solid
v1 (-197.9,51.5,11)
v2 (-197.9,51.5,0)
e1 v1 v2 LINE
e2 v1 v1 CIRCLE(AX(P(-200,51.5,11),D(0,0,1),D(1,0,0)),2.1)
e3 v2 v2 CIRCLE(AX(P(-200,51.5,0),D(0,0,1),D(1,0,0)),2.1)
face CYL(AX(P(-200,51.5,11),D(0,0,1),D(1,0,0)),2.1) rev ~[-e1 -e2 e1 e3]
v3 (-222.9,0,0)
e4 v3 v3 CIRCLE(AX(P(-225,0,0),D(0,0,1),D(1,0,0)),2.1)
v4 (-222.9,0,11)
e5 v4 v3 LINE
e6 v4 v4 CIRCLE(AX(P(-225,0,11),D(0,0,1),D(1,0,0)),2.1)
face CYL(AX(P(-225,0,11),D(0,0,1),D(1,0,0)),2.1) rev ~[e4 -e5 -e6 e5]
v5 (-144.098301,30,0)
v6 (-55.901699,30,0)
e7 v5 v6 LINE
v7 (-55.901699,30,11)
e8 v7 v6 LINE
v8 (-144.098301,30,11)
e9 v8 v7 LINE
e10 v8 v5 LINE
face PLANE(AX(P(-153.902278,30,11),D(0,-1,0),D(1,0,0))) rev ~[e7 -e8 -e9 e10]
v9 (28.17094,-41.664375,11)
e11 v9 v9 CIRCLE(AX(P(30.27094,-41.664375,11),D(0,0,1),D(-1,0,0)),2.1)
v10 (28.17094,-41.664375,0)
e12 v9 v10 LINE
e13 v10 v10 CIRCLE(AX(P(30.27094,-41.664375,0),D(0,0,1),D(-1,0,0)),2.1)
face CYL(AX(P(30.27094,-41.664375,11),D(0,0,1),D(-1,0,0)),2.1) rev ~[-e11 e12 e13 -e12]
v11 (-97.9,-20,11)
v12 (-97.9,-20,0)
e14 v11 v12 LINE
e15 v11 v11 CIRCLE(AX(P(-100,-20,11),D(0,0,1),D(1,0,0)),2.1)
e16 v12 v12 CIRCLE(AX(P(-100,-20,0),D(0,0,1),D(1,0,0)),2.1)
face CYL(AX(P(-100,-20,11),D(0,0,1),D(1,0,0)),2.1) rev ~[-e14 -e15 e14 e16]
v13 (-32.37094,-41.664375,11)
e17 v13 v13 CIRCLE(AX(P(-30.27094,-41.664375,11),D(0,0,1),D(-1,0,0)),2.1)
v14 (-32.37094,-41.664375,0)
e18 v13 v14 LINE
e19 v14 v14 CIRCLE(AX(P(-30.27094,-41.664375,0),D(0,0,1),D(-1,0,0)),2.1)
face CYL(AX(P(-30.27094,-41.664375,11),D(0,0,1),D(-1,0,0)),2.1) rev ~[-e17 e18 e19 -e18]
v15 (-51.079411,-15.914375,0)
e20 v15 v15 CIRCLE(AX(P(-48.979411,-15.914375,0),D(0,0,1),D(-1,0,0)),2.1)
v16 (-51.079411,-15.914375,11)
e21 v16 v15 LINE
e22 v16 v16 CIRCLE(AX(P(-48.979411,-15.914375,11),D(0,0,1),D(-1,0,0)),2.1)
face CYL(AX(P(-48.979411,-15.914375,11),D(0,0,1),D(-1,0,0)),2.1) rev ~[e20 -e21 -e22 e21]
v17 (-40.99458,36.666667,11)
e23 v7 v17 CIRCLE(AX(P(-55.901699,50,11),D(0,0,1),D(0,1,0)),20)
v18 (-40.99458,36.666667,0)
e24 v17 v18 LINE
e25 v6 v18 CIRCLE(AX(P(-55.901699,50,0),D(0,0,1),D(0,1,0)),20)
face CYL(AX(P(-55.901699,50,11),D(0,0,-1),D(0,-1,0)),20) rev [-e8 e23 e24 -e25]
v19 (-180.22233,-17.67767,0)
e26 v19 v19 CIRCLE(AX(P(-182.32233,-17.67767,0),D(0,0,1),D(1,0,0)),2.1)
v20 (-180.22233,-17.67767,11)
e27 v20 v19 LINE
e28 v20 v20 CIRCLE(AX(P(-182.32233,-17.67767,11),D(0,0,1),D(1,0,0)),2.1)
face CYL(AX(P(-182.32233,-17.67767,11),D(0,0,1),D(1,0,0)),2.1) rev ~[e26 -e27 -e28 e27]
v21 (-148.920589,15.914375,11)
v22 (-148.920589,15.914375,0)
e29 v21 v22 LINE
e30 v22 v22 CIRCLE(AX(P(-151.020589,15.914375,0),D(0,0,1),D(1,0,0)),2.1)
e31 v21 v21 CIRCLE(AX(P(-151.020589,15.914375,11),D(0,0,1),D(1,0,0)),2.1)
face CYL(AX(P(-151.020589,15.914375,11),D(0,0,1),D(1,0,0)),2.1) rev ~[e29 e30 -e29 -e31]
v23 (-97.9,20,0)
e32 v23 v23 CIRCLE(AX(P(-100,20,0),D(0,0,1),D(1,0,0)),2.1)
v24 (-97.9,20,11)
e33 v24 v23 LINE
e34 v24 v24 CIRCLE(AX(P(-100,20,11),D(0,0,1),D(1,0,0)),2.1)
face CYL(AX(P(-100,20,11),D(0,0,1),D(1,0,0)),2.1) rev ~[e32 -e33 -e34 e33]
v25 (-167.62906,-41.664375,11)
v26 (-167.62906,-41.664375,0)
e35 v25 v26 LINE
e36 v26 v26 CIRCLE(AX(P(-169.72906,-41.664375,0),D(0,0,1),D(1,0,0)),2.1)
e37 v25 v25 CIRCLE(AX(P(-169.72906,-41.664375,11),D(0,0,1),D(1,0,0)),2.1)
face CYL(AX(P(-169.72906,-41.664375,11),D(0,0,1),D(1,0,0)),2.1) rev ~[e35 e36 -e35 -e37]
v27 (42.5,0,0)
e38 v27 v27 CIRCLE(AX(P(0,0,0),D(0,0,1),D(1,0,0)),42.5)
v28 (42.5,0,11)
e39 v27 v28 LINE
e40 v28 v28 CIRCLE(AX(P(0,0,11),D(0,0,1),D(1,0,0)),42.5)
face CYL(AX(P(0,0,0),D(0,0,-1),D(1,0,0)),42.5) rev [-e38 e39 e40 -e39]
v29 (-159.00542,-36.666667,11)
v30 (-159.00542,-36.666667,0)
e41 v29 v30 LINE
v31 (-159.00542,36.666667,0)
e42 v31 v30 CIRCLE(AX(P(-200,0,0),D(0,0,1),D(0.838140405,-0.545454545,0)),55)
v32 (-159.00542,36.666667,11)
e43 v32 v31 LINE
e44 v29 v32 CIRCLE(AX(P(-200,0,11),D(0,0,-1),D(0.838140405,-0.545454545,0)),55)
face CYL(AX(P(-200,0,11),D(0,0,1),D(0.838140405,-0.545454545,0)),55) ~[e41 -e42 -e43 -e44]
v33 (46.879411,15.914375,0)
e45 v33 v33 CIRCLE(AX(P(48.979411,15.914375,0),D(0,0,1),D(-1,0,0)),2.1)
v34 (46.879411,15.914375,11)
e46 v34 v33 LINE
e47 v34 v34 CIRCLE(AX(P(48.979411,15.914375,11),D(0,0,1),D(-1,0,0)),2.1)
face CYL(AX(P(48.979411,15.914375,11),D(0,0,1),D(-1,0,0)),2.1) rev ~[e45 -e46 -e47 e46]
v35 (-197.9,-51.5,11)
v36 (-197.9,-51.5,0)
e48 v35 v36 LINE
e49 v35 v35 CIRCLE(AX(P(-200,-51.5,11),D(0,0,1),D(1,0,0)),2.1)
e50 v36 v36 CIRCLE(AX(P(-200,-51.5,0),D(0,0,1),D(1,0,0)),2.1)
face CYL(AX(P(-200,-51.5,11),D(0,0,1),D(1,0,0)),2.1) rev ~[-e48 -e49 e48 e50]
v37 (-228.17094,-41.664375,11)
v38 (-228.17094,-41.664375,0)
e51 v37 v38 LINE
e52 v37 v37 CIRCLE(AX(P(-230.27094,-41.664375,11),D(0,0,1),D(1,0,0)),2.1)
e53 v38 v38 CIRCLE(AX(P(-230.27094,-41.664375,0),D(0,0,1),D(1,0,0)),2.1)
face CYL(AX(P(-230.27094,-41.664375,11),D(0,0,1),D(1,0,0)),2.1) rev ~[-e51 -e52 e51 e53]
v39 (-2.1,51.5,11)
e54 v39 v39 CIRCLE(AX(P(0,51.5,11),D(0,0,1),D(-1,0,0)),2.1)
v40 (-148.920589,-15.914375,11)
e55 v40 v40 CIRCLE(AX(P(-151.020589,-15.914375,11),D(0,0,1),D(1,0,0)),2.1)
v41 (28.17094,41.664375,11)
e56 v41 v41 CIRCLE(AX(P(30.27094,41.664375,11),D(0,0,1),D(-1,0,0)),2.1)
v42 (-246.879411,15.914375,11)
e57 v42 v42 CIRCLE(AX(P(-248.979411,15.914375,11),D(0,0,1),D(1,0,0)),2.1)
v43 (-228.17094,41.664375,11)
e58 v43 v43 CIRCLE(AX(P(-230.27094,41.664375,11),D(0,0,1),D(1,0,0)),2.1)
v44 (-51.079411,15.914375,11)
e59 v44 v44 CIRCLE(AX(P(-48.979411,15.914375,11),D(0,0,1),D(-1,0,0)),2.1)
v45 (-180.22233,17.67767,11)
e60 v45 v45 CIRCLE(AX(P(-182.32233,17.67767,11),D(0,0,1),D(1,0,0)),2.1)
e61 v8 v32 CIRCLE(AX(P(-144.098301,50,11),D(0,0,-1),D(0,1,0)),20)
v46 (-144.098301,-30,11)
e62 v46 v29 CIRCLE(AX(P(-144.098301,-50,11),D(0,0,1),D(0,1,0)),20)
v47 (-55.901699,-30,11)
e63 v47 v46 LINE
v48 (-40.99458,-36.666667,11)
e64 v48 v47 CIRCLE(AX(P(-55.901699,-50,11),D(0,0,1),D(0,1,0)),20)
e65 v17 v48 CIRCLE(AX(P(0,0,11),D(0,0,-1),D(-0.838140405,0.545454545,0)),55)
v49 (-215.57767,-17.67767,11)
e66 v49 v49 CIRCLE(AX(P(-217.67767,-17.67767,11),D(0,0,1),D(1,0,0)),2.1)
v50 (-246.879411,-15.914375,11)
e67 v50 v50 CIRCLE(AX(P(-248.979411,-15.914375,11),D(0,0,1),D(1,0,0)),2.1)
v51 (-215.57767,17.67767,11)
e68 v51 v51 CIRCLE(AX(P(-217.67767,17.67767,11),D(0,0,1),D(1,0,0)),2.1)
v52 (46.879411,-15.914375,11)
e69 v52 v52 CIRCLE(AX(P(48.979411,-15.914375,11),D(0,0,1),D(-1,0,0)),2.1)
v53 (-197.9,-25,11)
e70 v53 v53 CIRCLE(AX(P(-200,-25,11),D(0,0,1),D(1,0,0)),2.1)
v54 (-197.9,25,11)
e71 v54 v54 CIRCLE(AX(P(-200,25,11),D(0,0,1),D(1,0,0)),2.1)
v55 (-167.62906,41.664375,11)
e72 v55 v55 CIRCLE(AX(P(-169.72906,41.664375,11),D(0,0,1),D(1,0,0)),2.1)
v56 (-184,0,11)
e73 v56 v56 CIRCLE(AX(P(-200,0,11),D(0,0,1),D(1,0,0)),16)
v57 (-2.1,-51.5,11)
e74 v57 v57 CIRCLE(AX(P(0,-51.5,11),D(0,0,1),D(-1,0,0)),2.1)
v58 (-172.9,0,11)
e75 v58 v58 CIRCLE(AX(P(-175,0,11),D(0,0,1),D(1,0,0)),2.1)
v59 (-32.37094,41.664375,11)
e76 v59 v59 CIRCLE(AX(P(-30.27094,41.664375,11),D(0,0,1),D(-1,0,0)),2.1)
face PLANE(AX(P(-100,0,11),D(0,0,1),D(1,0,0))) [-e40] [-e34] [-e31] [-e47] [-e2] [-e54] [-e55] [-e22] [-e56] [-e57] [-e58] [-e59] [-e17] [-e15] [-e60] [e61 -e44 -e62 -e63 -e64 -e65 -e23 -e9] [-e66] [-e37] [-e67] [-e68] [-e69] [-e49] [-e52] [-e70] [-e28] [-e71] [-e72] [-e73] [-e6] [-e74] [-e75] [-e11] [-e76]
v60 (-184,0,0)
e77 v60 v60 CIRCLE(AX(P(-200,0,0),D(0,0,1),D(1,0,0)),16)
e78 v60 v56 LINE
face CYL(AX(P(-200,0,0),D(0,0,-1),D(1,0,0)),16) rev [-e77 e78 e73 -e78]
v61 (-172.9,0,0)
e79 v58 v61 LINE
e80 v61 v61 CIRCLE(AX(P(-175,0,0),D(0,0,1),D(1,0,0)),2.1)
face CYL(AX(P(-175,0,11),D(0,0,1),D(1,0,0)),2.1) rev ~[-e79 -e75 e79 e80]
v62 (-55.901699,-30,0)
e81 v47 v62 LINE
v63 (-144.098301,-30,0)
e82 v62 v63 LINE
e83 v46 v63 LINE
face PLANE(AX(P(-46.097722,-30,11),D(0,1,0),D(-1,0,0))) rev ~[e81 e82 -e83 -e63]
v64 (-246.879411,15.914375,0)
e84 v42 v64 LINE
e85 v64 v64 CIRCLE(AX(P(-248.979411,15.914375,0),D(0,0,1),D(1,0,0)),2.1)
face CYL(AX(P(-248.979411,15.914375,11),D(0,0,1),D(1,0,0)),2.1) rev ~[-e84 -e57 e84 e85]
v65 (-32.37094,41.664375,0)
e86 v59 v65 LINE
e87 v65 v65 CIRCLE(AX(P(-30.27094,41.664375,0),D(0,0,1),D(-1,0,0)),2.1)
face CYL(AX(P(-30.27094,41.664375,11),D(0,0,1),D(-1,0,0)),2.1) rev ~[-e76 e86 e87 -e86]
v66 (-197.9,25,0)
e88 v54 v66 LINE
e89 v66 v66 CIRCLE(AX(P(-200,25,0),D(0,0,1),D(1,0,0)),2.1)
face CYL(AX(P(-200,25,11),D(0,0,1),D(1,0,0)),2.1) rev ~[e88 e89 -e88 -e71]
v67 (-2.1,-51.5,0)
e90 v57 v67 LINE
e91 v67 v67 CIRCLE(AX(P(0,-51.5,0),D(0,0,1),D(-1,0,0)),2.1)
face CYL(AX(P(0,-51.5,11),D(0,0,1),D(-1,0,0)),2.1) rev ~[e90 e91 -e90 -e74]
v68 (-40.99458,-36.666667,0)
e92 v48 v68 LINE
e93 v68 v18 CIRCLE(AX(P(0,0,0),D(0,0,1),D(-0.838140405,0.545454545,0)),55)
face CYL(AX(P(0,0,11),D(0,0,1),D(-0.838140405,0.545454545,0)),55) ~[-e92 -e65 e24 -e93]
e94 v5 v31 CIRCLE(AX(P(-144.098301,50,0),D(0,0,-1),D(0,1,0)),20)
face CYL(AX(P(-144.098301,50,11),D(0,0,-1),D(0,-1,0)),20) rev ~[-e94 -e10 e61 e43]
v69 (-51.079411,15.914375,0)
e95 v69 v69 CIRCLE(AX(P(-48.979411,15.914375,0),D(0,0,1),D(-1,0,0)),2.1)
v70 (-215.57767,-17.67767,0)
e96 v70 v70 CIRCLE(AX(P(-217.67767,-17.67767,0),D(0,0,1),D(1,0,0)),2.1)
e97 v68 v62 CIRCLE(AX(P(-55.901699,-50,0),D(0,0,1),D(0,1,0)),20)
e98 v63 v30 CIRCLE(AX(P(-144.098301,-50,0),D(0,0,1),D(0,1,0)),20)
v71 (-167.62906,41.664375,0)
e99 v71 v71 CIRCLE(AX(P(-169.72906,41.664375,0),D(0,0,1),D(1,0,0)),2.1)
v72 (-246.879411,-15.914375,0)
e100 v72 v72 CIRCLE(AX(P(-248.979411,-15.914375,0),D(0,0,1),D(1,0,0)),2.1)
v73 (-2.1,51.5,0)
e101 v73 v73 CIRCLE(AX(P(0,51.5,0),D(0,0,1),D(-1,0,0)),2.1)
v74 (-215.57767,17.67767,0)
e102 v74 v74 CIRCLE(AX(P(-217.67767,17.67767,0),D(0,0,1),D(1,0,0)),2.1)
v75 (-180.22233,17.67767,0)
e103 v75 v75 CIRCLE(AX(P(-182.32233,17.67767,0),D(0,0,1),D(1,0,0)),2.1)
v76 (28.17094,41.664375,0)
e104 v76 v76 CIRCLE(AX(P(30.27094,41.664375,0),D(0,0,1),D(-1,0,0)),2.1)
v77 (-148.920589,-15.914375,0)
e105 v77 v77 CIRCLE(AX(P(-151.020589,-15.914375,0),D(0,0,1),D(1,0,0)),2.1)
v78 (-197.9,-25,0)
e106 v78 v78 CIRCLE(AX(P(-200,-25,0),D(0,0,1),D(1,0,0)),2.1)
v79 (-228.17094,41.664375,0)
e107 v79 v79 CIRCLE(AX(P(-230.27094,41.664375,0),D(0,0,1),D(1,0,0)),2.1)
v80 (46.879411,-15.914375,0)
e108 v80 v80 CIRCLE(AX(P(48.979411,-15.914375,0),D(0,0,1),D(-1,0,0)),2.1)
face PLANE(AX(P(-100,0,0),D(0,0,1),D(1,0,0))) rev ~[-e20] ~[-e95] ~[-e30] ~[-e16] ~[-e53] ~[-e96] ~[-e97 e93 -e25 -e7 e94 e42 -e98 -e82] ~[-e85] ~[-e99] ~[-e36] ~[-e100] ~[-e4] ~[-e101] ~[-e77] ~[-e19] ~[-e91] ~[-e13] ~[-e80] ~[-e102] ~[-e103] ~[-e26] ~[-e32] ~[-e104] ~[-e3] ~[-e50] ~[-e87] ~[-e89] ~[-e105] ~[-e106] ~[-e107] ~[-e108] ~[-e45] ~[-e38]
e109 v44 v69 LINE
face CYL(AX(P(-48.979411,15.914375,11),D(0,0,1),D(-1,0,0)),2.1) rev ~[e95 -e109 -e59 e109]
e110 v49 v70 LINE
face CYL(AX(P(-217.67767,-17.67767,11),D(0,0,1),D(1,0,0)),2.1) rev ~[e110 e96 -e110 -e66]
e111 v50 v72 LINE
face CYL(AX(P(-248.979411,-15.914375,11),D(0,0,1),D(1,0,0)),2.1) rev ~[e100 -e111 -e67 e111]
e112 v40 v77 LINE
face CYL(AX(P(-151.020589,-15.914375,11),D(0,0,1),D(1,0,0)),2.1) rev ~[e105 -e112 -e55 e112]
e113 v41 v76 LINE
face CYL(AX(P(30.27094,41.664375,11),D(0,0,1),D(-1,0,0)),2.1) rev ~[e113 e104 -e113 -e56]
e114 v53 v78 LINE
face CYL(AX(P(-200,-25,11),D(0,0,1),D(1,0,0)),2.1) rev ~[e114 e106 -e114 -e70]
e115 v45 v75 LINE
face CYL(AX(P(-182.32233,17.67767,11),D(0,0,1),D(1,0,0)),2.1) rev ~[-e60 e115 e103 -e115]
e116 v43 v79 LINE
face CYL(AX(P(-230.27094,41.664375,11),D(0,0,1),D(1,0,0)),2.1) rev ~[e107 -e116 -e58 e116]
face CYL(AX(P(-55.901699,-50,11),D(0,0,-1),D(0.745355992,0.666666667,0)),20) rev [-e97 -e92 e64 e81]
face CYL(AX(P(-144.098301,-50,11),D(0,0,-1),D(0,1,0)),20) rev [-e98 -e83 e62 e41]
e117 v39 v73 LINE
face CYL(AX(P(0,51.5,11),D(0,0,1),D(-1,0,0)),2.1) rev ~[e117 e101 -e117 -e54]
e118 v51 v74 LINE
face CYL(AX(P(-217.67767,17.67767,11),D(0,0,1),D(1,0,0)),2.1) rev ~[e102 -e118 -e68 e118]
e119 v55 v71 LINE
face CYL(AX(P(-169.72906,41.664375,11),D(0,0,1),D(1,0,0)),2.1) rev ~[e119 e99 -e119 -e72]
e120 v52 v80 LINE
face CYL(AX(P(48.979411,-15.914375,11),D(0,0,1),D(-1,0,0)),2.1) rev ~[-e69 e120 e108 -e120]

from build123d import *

# Parameters (mm, degrees)
ESQUISSE1_W             = 320
ESQUISSE1_H             = 120
ESQUISSE1_R             = 42.5
ESQUISSE1_R_2           = 16
BOSS_EXTRU_1_DEPTH      = 11
ESQUISSE2_R             = 2.1
ENL_V_MAT_EXTRU_1_DEPTH = 268.05991837
ESQUISSE3_OUTSIDE_W     = 390.388
ESQUISSE3_OUTSIDE_H     = 190.388
ENL_V_MAT_EXTRU_2_DEPTH = 268.05991837
CONG_1_R                = 20
ESQUISSE4_R             = 2.1
ENL_V_MAT_EXTRU_3_DEPTH = 262.095767871
ESQUISSE5_R             = 2.1
ENL_V_MAT_EXTRU_4_DEPTH = 84


with BuildPart() as part:
    # Esquisse1 → Boss.-Extru.1 (new body)
    with BuildSketch(Plane.XY):
        with Locations((-100, 0)):
            Rectangle(ESQUISSE1_W, ESQUISSE1_H)
        Circle(ESQUISSE1_R, mode=Mode.SUBTRACT)
        with Locations((-200, 0)):
            Circle(ESQUISSE1_R_2, mode=Mode.SUBTRACT)
    extrude(amount=BOSS_EXTRU_1_DEPTH)

    # Esquisse2 → Enlèv. mat.-Extru.1 (cut, through all)
    with BuildSketch(Plane.XY.offset(11)):
        with Locations((-200, 25)):
            Circle(ESQUISSE2_R)
        with Locations((-182.32233047, 17.67766953)):
            Circle(ESQUISSE2_R)
        with Locations((-175, 0)):
            Circle(ESQUISSE2_R)
        with Locations((-182.32233047, -17.67766953)):
            Circle(ESQUISSE2_R)
        with Locations((-200, -25)):
            Circle(ESQUISSE2_R)
        with Locations((-217.67766953, -17.67766953)):
            Circle(ESQUISSE2_R)
        with Locations((-225, 0)):
            Circle(ESQUISSE2_R)
        with Locations((-217.67766953, 17.67766953)):
            Circle(ESQUISSE2_R)
    extrude(amount=-ENL_V_MAT_EXTRU_1_DEPTH, mode=Mode.SUBTRACT)

    # Esquisse3 outside → Enlèv. mat.-Extru.2 (cut, through all)
    with BuildSketch(Plane.XY.offset(11)):
        with Locations((-100, 0)):
            Rectangle(ESQUISSE3_OUTSIDE_W, ESQUISSE3_OUTSIDE_H)
        with BuildLine():
            Line((-153.902277714, 30), (-46.097722286, 30))
            ThreePointArc((-46.097722286, 30), (55, 0), (-46.097722286, -30))
            Line((-46.097722286, -30), (-153.902277714, -30))
            ThreePointArc((-153.902277714, -30), (-255, 0), (-153.902277714, 30))
        make_face(mode=Mode.SUBTRACT)
    extrude(amount=-ENL_V_MAT_EXTRU_2_DEPTH, mode=Mode.SUBTRACT)

    # Congé1
    cong_1_edges = [part.edges().sort_by_distance(p)[0] for p in [
        (-153.902277714, 30, 5.5),
        (-46.097722286, 30, 5.5),
        (-46.097722286, -30, 5.5),
        (-153.902277714, -30, 5.5),
    ]]
    fillet(cong_1_edges, radius=CONG_1_R)

    # Esquisse4 → Enlèv. mat.-Extru.3 (cut, through all)
    with BuildSketch(Plane.XY.offset(11)):
        with Locations((-200, 51.5)):
            Circle(ESQUISSE4_R)
        with Locations((-169.729059507, 41.66437521)):
            Circle(ESQUISSE4_R)
        with Locations((-151.020589411, 15.91437521)):
            Circle(ESQUISSE4_R)
        with Locations((-151.020589411, -15.91437521)):
            Circle(ESQUISSE4_R)
        with Locations((-169.729059507, -41.66437521)):
            Circle(ESQUISSE4_R)
        with Locations((-200, -51.5)):
            Circle(ESQUISSE4_R)
        with Locations((-230.270940493, -41.66437521)):
            Circle(ESQUISSE4_R)
        with Locations((-248.979410589, -15.91437521)):
            Circle(ESQUISSE4_R)
        with Locations((-248.979410589, 15.91437521)):
            Circle(ESQUISSE4_R)
        with Locations((-230.270940493, 41.66437521)):
            Circle(ESQUISSE4_R)
        with Locations(Location((30.270940493, 41.66437521, 0), (0, 0, 180))):
            Circle(ESQUISSE4_R)
        with Locations(Location((48.979410589, 15.91437521, 0), (0, 0, 180))):
            Circle(ESQUISSE4_R)
        with Locations(Location((48.979410589, -15.91437521, 0), (0, 0, 180))):
            Circle(ESQUISSE4_R)
        with Locations(Location((30.270940493, -41.66437521, 0), (0, 0, 180))):
            Circle(ESQUISSE4_R)
        with Locations(Location((0, -51.5, 0), (0, 0, 180))):
            Circle(ESQUISSE4_R)
        with Locations(Location((-30.270940493, -41.66437521, 0), (0, 0, 180))):
            Circle(ESQUISSE4_R)
        with Locations(Location((-48.979410589, -15.91437521, 0), (0, 0, 180))):
            Circle(ESQUISSE4_R)
        with Locations(Location((-48.979410589, 15.91437521, 0), (0, 0, 180))):
            Circle(ESQUISSE4_R)
        with Locations(Location((-30.270940493, 41.66437521, 0), (0, 0, 180))):
            Circle(ESQUISSE4_R)
        with Locations(Location((0, 51.5, 0), (0, 0, 180))):
            Circle(ESQUISSE4_R)
    extrude(amount=-ENL_V_MAT_EXTRU_3_DEPTH, mode=Mode.SUBTRACT)

    # Esquisse5 → Enlèv. mat.-Extru.4 (cut)
    with BuildSketch(Plane.XY.offset(11)):
        with Locations((-100, 20)):
            Circle(ESQUISSE5_R)
        with Locations((-100, -20)):
            Circle(ESQUISSE5_R)
    extrude(amount=-ENL_V_MAT_EXTRU_4_DEPTH, mode=Mode.SUBTRACT)


solid = part.part
